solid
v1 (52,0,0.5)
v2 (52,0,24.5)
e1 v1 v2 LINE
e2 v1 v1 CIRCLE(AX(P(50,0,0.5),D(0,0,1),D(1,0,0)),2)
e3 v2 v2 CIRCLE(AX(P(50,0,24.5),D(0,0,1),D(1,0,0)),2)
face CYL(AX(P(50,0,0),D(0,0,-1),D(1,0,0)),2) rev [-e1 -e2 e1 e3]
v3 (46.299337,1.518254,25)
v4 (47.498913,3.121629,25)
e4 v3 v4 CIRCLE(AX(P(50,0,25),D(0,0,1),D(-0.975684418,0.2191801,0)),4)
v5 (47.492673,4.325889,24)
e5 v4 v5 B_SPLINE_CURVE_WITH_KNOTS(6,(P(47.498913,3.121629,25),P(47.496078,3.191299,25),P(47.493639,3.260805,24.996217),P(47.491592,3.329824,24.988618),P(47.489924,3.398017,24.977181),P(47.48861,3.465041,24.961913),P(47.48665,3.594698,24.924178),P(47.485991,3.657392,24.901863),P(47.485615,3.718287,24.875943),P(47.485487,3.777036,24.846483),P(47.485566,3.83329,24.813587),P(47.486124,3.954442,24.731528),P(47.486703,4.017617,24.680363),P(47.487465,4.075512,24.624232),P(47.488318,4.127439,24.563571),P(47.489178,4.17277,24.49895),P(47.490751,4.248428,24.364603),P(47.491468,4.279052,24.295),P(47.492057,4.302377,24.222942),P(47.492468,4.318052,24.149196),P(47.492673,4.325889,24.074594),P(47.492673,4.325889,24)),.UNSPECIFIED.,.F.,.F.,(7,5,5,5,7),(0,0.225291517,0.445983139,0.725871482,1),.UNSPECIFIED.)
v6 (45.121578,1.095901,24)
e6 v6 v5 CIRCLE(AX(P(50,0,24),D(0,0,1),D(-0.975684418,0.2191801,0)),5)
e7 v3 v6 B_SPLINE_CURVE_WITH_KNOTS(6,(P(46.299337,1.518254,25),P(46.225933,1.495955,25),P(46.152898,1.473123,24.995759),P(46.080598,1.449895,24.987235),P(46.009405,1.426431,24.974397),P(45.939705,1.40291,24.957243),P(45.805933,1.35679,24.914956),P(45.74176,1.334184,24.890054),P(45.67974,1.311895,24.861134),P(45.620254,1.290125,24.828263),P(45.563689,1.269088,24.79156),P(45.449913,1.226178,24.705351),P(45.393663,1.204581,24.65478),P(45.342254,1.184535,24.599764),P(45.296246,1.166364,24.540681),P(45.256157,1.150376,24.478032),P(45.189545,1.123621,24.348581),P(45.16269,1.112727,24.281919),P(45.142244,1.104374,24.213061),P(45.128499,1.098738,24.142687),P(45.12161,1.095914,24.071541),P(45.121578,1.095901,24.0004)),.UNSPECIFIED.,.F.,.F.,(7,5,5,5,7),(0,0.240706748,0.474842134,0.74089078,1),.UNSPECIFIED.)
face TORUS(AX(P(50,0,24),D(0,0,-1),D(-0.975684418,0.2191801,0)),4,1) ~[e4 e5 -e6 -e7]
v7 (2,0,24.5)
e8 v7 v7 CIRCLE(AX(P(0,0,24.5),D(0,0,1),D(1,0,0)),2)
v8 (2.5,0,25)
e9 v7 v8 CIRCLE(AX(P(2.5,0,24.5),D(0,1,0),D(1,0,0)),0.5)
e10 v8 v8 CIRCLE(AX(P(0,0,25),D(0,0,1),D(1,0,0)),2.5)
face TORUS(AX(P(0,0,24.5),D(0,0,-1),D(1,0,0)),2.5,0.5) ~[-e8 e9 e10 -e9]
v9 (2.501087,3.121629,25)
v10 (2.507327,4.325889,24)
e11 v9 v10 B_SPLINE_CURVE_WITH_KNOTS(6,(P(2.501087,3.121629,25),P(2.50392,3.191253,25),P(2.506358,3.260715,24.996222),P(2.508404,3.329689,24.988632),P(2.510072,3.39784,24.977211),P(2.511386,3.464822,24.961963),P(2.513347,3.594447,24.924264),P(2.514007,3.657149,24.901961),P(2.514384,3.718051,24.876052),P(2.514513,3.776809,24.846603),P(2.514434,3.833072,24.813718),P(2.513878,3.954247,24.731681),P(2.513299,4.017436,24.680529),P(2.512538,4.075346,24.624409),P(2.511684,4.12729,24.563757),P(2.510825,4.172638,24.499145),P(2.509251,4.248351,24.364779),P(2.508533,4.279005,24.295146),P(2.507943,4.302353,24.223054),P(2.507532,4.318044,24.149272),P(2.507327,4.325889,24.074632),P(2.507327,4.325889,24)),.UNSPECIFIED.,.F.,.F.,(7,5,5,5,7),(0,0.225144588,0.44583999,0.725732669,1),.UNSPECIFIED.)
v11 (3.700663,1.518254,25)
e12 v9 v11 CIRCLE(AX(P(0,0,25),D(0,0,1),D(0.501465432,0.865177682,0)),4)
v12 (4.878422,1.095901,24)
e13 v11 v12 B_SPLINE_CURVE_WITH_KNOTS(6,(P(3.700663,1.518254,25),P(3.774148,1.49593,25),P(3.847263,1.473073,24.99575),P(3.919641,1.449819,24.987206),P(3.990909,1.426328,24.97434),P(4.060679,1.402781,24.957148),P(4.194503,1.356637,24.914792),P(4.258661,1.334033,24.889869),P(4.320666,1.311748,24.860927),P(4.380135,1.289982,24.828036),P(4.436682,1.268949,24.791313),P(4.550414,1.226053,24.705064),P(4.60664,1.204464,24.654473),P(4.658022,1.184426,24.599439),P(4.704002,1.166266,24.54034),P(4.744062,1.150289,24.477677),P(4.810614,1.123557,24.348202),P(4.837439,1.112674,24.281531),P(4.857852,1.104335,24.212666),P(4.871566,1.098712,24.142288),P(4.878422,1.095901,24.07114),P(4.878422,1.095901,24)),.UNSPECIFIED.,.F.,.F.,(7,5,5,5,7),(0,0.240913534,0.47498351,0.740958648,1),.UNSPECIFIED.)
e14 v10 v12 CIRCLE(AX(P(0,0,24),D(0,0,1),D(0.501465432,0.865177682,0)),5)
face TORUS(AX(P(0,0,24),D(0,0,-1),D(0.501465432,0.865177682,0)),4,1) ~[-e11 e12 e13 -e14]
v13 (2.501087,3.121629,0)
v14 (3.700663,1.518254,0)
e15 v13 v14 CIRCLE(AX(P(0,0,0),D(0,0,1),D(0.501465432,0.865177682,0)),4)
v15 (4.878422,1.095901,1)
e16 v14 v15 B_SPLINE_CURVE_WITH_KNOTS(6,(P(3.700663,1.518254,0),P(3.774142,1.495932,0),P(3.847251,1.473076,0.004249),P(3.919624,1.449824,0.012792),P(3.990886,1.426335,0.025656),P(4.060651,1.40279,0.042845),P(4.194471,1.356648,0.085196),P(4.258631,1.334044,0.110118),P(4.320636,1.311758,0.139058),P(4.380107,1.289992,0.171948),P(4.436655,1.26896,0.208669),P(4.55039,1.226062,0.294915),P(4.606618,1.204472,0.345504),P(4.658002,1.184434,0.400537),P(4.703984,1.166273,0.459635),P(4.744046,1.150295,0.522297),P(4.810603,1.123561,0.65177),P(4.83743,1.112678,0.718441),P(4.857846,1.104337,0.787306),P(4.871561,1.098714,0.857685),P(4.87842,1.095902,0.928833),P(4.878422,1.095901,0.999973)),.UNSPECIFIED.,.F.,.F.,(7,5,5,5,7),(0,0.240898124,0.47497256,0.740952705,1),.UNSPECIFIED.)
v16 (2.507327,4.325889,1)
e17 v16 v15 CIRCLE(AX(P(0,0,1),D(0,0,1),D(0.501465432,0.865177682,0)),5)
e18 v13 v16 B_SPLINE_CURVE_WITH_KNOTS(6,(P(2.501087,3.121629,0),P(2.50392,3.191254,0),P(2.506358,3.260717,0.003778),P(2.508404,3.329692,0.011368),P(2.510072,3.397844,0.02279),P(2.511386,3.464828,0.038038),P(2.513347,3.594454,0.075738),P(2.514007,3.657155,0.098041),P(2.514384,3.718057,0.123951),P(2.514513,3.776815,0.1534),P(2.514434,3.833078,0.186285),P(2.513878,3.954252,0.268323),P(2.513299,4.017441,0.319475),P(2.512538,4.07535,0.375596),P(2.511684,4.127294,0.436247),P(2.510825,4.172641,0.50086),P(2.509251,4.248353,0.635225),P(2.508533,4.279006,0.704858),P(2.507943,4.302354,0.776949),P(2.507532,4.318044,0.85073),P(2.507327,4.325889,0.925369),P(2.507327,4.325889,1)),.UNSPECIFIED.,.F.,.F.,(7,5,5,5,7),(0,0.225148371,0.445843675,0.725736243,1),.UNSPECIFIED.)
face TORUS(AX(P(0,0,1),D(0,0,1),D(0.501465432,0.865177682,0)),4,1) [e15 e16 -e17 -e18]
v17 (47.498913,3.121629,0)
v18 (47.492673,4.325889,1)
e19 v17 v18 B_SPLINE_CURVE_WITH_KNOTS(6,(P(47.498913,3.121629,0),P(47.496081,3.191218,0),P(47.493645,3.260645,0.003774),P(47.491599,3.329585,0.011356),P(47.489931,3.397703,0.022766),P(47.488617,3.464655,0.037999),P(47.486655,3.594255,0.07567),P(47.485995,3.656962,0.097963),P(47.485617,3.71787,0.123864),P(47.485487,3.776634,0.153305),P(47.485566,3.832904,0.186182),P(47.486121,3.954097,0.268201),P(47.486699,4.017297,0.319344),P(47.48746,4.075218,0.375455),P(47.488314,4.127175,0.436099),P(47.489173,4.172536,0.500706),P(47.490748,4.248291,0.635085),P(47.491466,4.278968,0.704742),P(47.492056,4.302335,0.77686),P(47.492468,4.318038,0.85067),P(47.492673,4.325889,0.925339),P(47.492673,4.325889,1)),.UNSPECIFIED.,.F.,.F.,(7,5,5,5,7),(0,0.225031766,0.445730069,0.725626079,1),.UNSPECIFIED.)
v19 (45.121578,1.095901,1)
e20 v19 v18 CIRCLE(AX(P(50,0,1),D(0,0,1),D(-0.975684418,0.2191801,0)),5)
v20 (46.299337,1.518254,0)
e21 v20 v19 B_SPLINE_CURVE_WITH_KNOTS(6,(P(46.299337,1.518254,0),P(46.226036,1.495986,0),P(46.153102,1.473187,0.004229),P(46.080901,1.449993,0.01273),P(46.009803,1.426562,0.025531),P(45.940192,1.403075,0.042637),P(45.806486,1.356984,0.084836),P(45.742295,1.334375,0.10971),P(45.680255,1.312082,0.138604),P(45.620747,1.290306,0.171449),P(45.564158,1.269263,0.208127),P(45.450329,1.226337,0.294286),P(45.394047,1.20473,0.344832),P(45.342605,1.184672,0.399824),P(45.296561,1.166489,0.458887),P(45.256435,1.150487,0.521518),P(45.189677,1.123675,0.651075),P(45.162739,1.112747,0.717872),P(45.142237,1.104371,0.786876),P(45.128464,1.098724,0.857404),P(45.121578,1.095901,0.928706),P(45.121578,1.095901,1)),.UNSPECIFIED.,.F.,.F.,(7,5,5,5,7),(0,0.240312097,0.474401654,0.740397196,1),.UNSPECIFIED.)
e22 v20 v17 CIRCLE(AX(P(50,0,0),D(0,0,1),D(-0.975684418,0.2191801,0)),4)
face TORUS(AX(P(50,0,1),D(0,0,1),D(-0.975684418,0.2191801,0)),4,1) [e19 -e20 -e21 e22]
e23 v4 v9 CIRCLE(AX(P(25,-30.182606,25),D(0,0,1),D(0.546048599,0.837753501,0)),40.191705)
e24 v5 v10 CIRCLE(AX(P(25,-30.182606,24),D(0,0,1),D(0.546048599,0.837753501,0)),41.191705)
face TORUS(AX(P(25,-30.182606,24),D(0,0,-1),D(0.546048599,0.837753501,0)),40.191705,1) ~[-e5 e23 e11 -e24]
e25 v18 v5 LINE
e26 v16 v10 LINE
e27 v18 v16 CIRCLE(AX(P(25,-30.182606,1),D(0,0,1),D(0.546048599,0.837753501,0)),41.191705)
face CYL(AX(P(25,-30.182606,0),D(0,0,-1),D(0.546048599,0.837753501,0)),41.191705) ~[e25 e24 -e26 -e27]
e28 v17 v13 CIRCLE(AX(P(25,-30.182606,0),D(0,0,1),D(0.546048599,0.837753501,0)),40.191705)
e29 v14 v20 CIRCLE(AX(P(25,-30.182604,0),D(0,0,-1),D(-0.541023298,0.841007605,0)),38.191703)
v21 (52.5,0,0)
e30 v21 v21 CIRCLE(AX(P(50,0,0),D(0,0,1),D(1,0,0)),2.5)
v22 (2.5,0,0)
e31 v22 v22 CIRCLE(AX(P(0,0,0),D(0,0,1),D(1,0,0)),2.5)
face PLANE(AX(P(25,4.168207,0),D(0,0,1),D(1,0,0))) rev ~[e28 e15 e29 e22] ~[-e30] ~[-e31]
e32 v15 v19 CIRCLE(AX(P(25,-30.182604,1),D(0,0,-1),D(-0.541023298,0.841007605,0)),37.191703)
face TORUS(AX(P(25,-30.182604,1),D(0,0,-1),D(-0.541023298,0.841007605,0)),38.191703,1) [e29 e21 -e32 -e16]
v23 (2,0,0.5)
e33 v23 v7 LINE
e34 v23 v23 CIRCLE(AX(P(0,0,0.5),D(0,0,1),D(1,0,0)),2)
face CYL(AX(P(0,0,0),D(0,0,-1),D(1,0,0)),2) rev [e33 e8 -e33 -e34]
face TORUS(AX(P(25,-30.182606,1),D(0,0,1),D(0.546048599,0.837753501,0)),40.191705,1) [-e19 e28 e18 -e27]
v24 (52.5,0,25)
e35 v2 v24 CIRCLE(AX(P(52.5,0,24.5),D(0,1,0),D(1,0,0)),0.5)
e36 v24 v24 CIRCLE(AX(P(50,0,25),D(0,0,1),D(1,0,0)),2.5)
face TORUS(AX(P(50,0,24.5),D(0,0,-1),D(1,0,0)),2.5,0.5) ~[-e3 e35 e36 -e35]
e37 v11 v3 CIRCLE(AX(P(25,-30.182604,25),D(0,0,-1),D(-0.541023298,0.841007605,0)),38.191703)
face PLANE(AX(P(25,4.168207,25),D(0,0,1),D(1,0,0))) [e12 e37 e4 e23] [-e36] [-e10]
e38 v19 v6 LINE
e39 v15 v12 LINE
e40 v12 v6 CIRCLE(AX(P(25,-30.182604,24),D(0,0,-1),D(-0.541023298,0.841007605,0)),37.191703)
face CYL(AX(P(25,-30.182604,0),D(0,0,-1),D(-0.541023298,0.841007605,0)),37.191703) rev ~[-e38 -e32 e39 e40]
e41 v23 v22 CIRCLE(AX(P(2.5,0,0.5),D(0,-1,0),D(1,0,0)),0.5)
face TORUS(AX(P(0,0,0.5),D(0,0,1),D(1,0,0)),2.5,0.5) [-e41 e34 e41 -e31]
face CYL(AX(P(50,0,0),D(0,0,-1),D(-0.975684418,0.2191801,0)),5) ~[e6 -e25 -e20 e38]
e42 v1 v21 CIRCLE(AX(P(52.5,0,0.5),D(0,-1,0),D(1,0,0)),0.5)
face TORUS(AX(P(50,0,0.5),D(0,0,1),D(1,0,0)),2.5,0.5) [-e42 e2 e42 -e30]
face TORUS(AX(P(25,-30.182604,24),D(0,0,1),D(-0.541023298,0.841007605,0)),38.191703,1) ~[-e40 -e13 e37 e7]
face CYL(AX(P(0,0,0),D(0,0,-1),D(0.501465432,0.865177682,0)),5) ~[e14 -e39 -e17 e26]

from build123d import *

# Parameters (mm, degrees)
F0_R     = 2
F1_DEPTH = 25
F2_R     = 0.5
F3_R     = 1


with BuildPart() as f1:
    # F0 (on Top) → F1 (new body)
    with BuildSketch(Plane.XY):
        with BuildLine():
            ThreePointArc((47.492673, 4.325889), (25, 11.009099), (2.507327, 4.325889))
            ThreePointArc((2.507327, 4.325889), (-4.030574, -2.958796), (4.878422, 1.095901))
            ThreePointArc((4.878422, 1.095901), (25, 7.009099), (45.121578, 1.095901))
            ThreePointArc((45.121578, 1.095901), (54.030574, -2.958796), (47.492673, 4.325889))
        make_face()
        Circle(F0_R, mode=Mode.SUBTRACT)
        with Locations((50, 0)):
            Circle(F0_R, mode=Mode.SUBTRACT)
    extrude(amount=F1_DEPTH)

    # F2
    f2_edges = [f1.edges().sort_by_distance(p)[0] for p in [
        (-2, 0, 0),
        (48, 0, 0),
        (48, 0, 25),
        (-2, 0, 25),
    ]]
    fillet(f2_edges, radius=F2_R)

    # F3
    f3_edges = [f1.edges().sort_by_distance(p)[0] for p in [
        (54.030574, -2.958796, 25),
        (25, 7.009099, 25),
        (25, 11.009099, 25),
        (-4.030574, -2.958796, 25),
        (25, 7.009099, 0),
        (-4.030574, -2.958796, 0),
        (25, 11.009099, 0),
        (54.030574, -2.958796, 0),
    ]]
    fillet(f3_edges, radius=F3_R)


solid = f1.part
